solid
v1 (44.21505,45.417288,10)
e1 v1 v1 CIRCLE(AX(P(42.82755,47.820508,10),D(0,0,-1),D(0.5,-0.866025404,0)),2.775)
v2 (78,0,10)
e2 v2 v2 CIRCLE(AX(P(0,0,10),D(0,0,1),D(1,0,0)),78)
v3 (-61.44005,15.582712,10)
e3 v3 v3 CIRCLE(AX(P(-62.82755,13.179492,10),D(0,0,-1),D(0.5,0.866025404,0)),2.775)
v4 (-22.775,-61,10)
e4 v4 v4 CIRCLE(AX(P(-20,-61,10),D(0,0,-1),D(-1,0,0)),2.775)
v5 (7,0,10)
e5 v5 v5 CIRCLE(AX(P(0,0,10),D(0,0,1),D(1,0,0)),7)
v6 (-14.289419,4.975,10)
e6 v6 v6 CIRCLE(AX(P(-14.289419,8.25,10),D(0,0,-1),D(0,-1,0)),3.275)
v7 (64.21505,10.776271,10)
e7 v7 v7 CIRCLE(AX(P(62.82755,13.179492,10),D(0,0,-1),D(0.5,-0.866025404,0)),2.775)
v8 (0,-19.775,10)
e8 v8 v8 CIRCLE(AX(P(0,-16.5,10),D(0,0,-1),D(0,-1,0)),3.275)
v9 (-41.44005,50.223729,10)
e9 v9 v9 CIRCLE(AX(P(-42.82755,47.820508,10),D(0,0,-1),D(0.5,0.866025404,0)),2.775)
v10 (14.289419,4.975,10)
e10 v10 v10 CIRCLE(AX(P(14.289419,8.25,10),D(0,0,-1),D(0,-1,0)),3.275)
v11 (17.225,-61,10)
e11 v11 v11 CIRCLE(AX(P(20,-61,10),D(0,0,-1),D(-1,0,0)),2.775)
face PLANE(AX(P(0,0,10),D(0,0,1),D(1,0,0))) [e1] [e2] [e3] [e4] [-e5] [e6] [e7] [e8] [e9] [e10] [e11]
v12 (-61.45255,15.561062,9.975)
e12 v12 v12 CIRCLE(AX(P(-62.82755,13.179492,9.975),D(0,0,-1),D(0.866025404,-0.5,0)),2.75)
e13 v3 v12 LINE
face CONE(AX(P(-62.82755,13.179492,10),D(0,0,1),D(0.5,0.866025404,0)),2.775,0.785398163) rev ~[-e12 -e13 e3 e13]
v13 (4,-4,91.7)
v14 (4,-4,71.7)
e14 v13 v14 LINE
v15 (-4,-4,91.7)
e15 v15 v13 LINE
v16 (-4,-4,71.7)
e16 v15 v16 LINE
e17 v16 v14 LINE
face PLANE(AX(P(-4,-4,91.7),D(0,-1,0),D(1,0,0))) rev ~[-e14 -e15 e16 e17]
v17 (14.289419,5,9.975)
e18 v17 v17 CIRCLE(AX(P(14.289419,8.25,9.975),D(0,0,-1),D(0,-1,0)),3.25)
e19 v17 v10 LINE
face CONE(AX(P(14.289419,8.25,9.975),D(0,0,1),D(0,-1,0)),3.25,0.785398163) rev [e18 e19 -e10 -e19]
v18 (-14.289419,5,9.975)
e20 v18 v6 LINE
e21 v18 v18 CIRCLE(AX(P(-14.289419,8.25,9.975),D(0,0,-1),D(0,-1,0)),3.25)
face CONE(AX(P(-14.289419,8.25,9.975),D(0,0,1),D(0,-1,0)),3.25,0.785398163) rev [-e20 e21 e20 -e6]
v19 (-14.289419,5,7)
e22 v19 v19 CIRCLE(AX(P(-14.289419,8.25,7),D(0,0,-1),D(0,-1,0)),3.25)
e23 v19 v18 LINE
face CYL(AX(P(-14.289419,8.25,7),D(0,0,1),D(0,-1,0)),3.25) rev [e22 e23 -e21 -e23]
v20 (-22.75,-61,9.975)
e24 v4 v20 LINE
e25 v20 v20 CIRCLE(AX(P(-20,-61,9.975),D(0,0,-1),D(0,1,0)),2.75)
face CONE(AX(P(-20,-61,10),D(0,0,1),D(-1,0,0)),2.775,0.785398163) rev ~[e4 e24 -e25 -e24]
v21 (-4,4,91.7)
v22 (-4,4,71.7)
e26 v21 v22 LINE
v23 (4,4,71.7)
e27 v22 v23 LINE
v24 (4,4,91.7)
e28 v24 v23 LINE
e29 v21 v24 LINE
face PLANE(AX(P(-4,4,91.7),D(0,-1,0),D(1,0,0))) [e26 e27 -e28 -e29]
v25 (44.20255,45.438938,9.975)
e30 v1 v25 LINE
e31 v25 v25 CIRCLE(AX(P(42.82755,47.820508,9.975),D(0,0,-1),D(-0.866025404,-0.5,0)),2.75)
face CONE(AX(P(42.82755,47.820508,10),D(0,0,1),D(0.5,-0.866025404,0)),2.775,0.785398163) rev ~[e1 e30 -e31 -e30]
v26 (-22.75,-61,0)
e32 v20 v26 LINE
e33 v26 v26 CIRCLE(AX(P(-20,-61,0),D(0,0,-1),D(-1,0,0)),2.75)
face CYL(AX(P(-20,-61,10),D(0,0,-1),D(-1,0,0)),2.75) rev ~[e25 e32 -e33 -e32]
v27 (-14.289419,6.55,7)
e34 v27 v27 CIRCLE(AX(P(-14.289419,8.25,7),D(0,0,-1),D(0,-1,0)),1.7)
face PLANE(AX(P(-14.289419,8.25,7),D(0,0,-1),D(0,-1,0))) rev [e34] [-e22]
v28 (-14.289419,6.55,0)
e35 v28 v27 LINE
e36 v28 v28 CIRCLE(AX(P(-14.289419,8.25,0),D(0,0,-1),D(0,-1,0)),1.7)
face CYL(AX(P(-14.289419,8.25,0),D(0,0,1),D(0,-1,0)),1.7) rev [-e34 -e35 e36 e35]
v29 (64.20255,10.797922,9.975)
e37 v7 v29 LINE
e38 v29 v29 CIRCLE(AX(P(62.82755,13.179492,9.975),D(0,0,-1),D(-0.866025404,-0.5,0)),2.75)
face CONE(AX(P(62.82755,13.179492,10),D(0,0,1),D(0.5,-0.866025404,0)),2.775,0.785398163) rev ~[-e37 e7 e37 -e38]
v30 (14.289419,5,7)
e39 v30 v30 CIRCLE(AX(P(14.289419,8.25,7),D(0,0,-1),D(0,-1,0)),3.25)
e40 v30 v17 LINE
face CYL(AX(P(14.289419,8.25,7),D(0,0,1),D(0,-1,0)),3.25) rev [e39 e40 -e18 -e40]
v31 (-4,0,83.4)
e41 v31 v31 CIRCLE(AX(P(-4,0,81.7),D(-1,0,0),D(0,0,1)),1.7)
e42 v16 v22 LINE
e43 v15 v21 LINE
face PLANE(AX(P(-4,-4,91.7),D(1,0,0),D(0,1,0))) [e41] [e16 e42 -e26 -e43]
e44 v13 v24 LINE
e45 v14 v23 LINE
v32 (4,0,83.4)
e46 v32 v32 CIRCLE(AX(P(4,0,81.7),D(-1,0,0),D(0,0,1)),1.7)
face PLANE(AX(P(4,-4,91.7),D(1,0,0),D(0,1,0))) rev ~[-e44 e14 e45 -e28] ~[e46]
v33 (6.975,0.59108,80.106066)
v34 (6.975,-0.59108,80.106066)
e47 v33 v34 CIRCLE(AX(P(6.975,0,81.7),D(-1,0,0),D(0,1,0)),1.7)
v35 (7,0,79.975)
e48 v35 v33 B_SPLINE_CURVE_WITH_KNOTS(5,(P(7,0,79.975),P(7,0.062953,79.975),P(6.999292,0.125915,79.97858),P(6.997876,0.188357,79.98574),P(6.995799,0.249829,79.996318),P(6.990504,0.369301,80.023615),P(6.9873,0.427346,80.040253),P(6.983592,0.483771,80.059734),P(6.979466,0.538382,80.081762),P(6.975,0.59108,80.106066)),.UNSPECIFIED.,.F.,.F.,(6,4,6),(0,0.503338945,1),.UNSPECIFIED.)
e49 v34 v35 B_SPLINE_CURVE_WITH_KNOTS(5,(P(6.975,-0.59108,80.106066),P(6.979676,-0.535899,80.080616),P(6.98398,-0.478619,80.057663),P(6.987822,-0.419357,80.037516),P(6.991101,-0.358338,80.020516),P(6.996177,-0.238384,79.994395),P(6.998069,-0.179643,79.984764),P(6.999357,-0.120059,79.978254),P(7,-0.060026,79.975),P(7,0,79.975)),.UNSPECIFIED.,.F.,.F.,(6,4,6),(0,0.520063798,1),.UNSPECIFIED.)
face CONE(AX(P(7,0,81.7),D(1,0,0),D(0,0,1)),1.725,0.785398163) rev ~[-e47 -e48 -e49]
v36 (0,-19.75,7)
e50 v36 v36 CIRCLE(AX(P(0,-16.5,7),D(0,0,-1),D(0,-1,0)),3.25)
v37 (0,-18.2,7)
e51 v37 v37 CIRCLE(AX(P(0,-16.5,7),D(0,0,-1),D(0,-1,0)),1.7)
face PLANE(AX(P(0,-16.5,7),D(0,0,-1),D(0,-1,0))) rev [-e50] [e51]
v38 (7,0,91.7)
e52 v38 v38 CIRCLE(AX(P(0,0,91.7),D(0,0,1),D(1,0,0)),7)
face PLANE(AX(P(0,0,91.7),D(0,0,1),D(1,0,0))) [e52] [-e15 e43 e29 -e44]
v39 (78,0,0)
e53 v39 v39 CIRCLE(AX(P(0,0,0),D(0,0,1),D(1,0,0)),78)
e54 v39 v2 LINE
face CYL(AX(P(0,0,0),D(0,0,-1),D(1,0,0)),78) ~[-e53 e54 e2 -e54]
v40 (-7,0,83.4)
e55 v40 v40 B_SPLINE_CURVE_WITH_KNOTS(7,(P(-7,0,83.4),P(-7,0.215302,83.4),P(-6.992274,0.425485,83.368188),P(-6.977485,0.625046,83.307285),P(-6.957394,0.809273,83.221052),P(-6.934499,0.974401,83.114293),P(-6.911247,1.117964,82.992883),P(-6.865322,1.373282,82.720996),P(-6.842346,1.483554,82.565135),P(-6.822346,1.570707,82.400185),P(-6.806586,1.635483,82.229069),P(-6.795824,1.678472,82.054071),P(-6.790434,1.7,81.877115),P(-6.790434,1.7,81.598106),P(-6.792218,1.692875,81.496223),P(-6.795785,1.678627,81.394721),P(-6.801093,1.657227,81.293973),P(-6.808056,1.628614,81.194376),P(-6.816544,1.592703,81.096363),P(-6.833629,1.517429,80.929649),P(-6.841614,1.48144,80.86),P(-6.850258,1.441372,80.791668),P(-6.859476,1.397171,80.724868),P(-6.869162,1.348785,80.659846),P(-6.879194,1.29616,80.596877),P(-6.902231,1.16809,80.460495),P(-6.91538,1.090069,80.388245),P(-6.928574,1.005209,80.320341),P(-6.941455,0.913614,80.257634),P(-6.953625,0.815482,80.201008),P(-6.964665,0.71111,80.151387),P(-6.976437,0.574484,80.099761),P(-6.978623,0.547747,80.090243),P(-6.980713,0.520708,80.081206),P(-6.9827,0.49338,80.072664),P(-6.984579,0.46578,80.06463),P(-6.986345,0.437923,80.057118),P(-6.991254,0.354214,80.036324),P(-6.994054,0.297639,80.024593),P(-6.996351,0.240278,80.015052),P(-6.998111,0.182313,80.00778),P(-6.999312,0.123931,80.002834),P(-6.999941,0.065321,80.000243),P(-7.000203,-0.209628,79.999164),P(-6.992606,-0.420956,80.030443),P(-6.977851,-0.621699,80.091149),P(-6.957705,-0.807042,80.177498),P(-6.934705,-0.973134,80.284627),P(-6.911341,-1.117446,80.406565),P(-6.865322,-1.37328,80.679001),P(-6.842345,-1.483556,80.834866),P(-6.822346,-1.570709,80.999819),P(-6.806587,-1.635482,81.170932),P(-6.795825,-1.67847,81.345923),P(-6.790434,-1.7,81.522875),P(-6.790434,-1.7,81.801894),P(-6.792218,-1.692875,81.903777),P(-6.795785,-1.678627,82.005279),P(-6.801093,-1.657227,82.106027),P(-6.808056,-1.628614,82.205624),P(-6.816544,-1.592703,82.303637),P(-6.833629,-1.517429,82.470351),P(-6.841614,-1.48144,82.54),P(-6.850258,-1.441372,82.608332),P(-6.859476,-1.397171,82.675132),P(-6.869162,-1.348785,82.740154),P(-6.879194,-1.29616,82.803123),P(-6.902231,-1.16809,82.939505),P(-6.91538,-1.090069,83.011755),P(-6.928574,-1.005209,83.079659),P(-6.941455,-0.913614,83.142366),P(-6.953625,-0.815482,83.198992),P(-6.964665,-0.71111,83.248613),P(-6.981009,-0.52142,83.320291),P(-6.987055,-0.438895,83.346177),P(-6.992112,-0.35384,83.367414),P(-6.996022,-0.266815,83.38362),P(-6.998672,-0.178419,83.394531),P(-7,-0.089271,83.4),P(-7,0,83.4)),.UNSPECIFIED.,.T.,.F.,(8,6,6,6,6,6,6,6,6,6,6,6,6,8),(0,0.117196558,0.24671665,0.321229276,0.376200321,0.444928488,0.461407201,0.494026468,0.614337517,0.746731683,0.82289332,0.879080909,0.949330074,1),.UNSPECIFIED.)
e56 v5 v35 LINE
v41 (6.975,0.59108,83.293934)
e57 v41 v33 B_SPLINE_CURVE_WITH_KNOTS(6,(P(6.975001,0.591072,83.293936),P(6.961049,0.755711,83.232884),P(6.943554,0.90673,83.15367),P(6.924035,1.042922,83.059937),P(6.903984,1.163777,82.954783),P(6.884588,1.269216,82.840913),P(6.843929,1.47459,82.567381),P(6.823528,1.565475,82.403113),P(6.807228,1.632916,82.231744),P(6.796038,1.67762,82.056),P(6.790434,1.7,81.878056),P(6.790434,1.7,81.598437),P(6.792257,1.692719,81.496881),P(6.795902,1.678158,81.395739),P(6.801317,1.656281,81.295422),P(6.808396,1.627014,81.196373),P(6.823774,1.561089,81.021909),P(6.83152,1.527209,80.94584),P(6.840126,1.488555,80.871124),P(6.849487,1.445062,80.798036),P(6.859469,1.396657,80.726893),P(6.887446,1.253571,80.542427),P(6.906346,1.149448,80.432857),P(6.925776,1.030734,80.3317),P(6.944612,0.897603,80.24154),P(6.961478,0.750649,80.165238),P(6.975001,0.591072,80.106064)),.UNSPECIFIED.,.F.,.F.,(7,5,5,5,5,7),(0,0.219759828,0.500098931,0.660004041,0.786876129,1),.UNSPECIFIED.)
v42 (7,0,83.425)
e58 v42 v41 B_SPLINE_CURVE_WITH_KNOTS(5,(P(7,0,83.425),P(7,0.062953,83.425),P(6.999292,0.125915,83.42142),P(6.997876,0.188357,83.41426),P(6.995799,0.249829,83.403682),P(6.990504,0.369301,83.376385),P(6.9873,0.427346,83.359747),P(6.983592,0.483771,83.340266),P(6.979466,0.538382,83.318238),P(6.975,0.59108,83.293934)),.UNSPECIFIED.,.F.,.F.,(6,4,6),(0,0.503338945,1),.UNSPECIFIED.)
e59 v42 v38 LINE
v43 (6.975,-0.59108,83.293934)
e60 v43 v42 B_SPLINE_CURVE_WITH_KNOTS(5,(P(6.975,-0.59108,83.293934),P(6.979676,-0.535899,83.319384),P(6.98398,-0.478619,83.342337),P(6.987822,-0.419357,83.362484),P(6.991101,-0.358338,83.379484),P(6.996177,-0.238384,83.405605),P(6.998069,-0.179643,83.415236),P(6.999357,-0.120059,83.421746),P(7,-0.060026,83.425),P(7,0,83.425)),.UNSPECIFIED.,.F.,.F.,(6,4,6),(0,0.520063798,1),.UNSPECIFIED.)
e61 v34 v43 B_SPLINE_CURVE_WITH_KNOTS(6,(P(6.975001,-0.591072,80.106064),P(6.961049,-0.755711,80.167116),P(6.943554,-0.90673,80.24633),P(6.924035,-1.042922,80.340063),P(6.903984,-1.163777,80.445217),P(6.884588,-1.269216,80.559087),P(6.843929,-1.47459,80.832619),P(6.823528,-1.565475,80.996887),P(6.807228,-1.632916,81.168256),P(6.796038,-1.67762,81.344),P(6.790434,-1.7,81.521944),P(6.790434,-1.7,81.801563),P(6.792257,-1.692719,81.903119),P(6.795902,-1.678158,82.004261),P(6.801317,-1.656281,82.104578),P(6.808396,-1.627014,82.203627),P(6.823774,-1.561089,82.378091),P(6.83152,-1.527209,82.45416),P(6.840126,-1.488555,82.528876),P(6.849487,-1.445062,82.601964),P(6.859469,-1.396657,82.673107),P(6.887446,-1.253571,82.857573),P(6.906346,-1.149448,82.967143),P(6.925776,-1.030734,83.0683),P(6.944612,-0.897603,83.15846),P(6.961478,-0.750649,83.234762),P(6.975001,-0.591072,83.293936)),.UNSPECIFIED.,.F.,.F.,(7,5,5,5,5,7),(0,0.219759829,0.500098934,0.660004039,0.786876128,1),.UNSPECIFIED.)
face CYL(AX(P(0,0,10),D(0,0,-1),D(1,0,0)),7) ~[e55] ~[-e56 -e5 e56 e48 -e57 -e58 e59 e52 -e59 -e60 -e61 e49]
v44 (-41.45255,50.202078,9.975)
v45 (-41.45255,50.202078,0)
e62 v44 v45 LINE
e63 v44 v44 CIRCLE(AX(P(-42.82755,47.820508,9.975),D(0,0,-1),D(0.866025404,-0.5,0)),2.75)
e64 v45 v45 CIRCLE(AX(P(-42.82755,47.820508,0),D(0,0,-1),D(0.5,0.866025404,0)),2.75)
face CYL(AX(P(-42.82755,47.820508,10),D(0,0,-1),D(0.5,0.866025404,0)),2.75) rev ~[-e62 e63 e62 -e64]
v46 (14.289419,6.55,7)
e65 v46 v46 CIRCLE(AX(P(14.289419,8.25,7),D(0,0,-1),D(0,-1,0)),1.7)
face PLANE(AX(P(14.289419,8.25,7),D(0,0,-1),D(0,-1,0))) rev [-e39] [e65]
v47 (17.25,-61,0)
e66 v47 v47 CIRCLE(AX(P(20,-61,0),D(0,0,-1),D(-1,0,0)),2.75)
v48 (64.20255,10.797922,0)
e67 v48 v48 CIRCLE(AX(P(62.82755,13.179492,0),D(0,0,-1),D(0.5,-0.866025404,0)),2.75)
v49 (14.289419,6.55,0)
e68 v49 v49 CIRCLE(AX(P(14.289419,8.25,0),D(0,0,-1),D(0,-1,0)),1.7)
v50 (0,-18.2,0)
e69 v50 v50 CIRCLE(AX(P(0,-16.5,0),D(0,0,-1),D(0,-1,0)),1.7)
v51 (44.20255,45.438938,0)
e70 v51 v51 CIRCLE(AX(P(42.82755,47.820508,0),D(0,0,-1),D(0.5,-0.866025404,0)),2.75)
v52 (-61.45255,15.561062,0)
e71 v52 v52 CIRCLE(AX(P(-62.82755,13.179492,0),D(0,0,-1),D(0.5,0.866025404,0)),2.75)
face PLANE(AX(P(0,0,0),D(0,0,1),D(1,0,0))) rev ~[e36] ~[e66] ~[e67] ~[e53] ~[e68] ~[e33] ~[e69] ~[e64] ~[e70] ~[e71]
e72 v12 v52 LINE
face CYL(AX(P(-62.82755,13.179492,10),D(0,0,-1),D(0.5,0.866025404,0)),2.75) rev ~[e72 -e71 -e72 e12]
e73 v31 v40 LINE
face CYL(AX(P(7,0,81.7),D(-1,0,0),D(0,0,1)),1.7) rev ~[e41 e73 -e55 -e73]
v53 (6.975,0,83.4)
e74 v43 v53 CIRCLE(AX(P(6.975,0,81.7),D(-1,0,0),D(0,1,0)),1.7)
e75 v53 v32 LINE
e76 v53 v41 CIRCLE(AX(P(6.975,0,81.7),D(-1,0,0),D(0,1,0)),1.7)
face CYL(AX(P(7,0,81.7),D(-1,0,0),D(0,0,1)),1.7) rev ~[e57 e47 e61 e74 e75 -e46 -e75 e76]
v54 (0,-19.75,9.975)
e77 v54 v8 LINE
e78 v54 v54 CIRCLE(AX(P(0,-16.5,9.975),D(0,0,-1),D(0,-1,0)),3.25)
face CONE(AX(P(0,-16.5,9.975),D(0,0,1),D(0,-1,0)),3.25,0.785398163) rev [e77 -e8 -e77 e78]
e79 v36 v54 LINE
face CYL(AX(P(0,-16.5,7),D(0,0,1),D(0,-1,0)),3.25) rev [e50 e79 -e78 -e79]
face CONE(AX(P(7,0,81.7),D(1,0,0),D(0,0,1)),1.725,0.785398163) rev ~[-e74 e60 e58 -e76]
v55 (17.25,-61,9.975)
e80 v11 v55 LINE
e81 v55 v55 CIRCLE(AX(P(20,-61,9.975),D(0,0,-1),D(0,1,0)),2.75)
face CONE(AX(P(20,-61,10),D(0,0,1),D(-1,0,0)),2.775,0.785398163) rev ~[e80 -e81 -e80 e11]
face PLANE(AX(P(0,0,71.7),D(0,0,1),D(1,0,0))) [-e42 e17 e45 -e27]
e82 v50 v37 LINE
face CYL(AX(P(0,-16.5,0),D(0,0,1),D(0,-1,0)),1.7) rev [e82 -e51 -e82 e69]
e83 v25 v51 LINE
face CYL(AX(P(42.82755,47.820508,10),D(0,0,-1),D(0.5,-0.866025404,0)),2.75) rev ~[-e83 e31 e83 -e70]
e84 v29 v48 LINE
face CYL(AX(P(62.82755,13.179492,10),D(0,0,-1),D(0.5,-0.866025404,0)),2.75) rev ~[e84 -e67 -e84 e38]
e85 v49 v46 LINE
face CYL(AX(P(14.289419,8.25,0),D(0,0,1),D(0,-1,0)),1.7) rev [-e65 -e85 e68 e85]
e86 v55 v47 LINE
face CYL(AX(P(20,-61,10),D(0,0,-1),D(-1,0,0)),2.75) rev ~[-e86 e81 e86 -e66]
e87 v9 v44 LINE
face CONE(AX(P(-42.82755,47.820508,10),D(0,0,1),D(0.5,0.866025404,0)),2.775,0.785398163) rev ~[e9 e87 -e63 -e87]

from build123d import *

# Parameters (mm, degrees)
SKETCH1_R                      = 78
BOSS_EXTRUDE1_DEPTH            = 10
CBORE_FOR_M3_SHCS1_AT_2_COUNT  = 2
CBORE_FOR_M3_SHCS1_AT_2_PITCH  = 28.578838325
CBORE_FOR_M3_SHCS1_AT_3_COUNT  = 2
CBORE_FOR_M3_SHCS1_AT_3_PITCH  = 28.578838325
SKETCH6_R                      = 7
BOSS_EXTRUDE2_DEPTH            = 81.7
SKETCH20_W                     = 8
SKETCH20_H                     = 8
CUT_EXTRUDE1_DEPTH             = 20
M5_CLEARANCE_HOLE3_D           = 5.5
M5_CLEARANCE_HOLE3_CSINK_D     = 5.55
M5_CLEARANCE_HOLE3_CSINK_ANGLE = 90
CIRPATTERN1_COUNT              = 3
M3_CLEARANCE_HOLE2_D           = 3.4
M3_CLEARANCE_HOLE2_CSINK_D     = 3.45
M3_CLEARANCE_HOLE2_CSINK_ANGLE = 90


with BuildPart() as part:
    # Sketch1 → Boss-Extrude1 (new body)
    with BuildSketch(Plane.XY):
        Circle(SKETCH1_R)
    extrude(amount=BOSS_EXTRUDE1_DEPTH)

    # Sketch4 → CBORE for M3 SHCS1 (revolve, cut)
    with BuildSketch(Plane(origin=(-14.289419162, 8.25, 10), x_dir=(0, -1, 0), z_dir=(1, 0, 0))):
        Polygon((0, 0), (0, 10), (1.7, 10), (1.7, 3), (3.25, 3), (3.25, 0.025), (3.275, 0), align=None)
    cbore_for_m3_shcs1 = revolve(axis=Axis((-14.289419162, 8.25, 16.35), (0, 0, -1)), mode=Mode.SUBTRACT)

    # CBORE for M3 SHCS1 at 2: CBORE for M3 SHCS1 ×2
    with Locations(*[(i * CBORE_FOR_M3_SHCS1_AT_2_PITCH, 0, 0) for i in range(1, CBORE_FOR_M3_SHCS1_AT_2_COUNT)]):
        add(cbore_for_m3_shcs1, mode=Mode.SUBTRACT)

    # CBORE for M3 SHCS1 at 3: CBORE for M3 SHCS1 ×2
    with Locations(*[Vector(0.5000000000000012, -0.866025403784438, 0) * (i * CBORE_FOR_M3_SHCS1_AT_3_PITCH) for i in range(1, CBORE_FOR_M3_SHCS1_AT_3_COUNT)]):
        add(cbore_for_m3_shcs1, mode=Mode.SUBTRACT)

    # Sketch6 → Boss-Extrude2 (add)
    with BuildSketch(Plane.XY.offset(10)):
        Circle(SKETCH6_R)
    extrude(amount=BOSS_EXTRUDE2_DEPTH)

    # Sketch20 → Cut-Extrude1 (cut)
    with BuildSketch(Plane.XY.offset(91.7)):
        Rectangle(SKETCH20_W, SKETCH20_H)
    extrude(amount=-CUT_EXTRUDE1_DEPTH, mode=Mode.SUBTRACT)

    # M5 Clearance Hole3 (through all)
    with Locations(Plane.XY.offset(10)):
        with Locations((-20, -61), (20, -61)):
            m5_clearance_hole3 = CounterSinkHole(M5_CLEARANCE_HOLE3_D / 2, M5_CLEARANCE_HOLE3_CSINK_D / 2, counter_sink_angle=M5_CLEARANCE_HOLE3_CSINK_ANGLE)

    # CirPattern1: M5 Clearance Hole3 ×3 about axis
    cirpattern1_axis = Axis((0, 0, 0), (0, 0, 1))
    for i in range(1, CIRPATTERN1_COUNT):
        add(m5_clearance_hole3.rotate(cirpattern1_axis, i * 360 / CIRPATTERN1_COUNT), mode=Mode.SUBTRACT)

    # M3 Clearance Hole2 (through all)
    with Locations(Plane(origin=(7, 0, 0), x_dir=(0, 0, -1), z_dir=(1, 0, 0))):
        with Locations((-81.7, 0)):
            CounterSinkHole(M3_CLEARANCE_HOLE2_D / 2, M3_CLEARANCE_HOLE2_CSINK_D / 2, counter_sink_angle=M3_CLEARANCE_HOLE2_CSINK_ANGLE)


solid = part.part
